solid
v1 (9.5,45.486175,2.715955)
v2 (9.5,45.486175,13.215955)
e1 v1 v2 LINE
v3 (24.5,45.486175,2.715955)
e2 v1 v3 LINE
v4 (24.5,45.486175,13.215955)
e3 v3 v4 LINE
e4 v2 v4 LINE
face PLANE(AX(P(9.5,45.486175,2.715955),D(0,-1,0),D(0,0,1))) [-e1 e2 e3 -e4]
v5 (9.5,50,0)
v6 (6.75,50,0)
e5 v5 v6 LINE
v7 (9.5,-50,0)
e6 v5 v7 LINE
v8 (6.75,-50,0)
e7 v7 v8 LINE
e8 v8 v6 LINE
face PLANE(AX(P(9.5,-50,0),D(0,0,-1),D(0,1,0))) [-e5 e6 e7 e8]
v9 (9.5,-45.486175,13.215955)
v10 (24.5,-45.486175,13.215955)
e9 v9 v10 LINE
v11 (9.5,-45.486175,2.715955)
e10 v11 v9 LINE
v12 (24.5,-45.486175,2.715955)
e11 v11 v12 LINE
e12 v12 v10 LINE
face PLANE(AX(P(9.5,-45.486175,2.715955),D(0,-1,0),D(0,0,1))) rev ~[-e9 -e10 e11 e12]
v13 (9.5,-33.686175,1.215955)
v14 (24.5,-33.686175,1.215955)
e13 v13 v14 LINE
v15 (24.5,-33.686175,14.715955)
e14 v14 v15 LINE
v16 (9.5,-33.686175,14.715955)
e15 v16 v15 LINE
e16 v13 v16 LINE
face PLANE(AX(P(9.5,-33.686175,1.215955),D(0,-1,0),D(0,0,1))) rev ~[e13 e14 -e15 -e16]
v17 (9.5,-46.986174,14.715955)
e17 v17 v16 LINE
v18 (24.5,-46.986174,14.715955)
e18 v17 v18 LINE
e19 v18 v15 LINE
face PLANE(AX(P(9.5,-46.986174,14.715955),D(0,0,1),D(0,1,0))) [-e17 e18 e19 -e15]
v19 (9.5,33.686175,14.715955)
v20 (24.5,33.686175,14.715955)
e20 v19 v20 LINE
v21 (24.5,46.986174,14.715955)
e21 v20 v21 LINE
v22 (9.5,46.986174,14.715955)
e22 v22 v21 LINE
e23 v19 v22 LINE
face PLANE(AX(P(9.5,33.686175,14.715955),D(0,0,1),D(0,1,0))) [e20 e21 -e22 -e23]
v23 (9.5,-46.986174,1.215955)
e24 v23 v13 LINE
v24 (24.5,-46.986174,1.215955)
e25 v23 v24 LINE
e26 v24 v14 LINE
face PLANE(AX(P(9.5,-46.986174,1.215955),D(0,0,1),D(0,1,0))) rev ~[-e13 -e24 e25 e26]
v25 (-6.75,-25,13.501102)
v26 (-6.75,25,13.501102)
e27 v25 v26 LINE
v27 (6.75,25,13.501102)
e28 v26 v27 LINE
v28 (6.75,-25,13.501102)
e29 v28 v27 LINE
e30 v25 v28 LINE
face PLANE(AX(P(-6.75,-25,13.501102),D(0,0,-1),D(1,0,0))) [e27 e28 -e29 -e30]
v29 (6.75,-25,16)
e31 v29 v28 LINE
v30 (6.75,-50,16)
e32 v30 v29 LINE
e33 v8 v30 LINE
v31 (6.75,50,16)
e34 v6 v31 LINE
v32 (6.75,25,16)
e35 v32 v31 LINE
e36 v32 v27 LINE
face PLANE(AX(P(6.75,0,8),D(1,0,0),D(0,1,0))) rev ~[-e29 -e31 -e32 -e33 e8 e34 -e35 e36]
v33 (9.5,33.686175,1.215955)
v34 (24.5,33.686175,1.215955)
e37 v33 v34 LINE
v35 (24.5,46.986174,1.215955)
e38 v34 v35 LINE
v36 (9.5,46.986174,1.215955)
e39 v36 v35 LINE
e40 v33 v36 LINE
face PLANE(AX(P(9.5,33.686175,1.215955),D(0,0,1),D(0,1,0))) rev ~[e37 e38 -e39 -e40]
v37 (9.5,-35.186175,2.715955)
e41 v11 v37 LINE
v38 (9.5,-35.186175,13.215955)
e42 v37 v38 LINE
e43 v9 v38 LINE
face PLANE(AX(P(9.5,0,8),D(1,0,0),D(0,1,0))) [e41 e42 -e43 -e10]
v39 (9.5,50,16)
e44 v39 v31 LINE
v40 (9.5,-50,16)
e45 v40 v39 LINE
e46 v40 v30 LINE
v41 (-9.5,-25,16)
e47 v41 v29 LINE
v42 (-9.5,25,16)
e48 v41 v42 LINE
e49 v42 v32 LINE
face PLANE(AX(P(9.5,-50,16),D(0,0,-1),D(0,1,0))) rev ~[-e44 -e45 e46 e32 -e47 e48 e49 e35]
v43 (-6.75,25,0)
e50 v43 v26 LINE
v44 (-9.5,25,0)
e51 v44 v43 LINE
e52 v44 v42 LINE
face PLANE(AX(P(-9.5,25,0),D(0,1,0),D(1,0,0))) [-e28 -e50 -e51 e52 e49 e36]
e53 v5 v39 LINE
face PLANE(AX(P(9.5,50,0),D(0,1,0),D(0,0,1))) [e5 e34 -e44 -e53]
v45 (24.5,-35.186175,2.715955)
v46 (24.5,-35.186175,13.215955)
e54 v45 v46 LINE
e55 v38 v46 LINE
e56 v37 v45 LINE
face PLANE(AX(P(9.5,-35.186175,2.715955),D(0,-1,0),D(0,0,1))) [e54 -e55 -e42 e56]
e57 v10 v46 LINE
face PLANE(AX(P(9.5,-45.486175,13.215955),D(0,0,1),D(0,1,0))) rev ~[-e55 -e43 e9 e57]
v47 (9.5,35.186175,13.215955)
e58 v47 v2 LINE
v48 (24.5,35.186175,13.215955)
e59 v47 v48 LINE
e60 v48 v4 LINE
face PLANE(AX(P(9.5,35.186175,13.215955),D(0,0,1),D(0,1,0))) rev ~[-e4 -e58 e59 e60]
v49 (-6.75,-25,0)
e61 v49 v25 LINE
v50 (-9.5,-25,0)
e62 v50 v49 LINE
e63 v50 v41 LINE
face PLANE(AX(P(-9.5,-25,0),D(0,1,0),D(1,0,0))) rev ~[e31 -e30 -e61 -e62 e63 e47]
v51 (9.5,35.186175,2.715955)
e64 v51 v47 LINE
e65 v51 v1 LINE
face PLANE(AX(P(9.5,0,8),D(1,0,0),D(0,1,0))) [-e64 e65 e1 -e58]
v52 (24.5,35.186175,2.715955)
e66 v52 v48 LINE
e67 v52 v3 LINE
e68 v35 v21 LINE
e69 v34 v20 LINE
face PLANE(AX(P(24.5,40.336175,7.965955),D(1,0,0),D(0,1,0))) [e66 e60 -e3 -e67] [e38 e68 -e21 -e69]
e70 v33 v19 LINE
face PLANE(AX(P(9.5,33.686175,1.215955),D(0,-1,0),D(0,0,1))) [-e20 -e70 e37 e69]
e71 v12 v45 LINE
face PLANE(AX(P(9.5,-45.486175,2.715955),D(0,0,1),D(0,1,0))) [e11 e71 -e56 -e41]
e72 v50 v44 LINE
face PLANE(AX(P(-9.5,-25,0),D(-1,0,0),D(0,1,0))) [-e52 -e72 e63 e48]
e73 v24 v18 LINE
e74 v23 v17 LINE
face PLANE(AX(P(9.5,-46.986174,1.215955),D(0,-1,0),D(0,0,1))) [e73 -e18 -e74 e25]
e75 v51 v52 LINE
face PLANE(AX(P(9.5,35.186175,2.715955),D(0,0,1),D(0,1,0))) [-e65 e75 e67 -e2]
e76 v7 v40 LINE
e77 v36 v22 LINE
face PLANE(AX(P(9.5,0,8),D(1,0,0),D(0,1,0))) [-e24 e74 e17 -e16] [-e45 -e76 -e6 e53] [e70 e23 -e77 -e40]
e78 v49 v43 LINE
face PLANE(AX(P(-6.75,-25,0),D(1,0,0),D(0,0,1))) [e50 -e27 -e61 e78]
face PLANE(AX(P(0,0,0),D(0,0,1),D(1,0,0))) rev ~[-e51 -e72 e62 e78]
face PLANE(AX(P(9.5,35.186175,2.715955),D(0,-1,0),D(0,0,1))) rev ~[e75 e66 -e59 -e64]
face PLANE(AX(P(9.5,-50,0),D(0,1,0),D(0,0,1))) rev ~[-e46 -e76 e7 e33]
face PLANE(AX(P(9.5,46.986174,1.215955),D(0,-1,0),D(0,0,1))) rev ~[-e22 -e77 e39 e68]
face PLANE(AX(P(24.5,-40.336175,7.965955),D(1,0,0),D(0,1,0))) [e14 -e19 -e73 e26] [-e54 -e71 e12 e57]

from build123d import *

# Parameters (mm, degrees)
F0_W     = 19
F0_H     = 50
F1_DEPTH = 16
F2_W     = 13.5
F2_H     = 13.5011018194
F3_DEPTH = 50
F4_W     = 100
F4_H     = 16
F4_W_2   = 13.2999992773
F4_H_2   = 13.4999992773
F4_W_3   = 10.3
F4_H_3   = 10.5
F5_DEPTH = 2.75
F6_DEPTH = 15


with BuildPart() as f1:
    # F0 (on Top) → F1 (new body)
    with BuildSketch(Plane.XY):
        Rectangle(F0_W, F0_H)
    extrude(amount=F1_DEPTH)

    # F2 (on face) → F3 (cut)
    with BuildSketch(Plane.XZ.offset(25)):
        with Locations((0, 6.7505509097)):
            Rectangle(F2_W, F2_H)
    extrude(amount=-F3_DEPTH, mode=Mode.SUBTRACT)

    # F4 (on face) → F5 (join)
    with BuildSketch(Plane.YZ.offset(9.5)):
        with Locations((0, 8)):
            Rectangle(F4_W, F4_H)
        with Locations((-40.3361745238, 7.9659550227)):
            Rectangle(F4_W_2, F4_H_2, mode=Mode.SUBTRACT)
        with Locations((40.3361745238, 7.9659550227)):
            Rectangle(F4_W_2, F4_H_2, mode=Mode.SUBTRACT)
        with Locations((-40.3361745238, 7.9659550227)):
            Rectangle(F4_W_2, F4_H_2)
        with Locations((-40.3361745238, 7.9659550227)):
            Rectangle(F4_W_3, F4_H_3, mode=Mode.SUBTRACT)
        with Locations((40.3361745238, 7.9659550227)):
            Rectangle(F4_W_2, F4_H_2)
        with Locations((40.3361745238, 7.9659550227)):
            Rectangle(F4_W_3, F4_H_3, mode=Mode.SUBTRACT)
        with Locations((-40.3361745238, 7.9659550227)):
            Rectangle(F4_W_3, F4_H_3)
        with Locations((40.3361745238, 7.9659550227)):
            Rectangle(F4_W_3, F4_H_3)
    extrude(amount=-F5_DEPTH)

    # F4 (on face) → F6 (join)
    with BuildSketch(Plane.YZ.offset(9.5)):
        with Locations((-40.3361745238, 7.9659550227)):
            Rectangle(F4_W_2, F4_H_2)
        with Locations((-40.3361745238, 7.9659550227)):
            Rectangle(F4_W_3, F4_H_3, mode=Mode.SUBTRACT)
        with Locations((40.3361745238, 7.9659550227)):
            Rectangle(F4_W_2, F4_H_2)
        with Locations((40.3361745238, 7.9659550227)):
            Rectangle(F4_W_3, F4_H_3, mode=Mode.SUBTRACT)
    extrude(amount=F6_DEPTH)


solid = f1.part
